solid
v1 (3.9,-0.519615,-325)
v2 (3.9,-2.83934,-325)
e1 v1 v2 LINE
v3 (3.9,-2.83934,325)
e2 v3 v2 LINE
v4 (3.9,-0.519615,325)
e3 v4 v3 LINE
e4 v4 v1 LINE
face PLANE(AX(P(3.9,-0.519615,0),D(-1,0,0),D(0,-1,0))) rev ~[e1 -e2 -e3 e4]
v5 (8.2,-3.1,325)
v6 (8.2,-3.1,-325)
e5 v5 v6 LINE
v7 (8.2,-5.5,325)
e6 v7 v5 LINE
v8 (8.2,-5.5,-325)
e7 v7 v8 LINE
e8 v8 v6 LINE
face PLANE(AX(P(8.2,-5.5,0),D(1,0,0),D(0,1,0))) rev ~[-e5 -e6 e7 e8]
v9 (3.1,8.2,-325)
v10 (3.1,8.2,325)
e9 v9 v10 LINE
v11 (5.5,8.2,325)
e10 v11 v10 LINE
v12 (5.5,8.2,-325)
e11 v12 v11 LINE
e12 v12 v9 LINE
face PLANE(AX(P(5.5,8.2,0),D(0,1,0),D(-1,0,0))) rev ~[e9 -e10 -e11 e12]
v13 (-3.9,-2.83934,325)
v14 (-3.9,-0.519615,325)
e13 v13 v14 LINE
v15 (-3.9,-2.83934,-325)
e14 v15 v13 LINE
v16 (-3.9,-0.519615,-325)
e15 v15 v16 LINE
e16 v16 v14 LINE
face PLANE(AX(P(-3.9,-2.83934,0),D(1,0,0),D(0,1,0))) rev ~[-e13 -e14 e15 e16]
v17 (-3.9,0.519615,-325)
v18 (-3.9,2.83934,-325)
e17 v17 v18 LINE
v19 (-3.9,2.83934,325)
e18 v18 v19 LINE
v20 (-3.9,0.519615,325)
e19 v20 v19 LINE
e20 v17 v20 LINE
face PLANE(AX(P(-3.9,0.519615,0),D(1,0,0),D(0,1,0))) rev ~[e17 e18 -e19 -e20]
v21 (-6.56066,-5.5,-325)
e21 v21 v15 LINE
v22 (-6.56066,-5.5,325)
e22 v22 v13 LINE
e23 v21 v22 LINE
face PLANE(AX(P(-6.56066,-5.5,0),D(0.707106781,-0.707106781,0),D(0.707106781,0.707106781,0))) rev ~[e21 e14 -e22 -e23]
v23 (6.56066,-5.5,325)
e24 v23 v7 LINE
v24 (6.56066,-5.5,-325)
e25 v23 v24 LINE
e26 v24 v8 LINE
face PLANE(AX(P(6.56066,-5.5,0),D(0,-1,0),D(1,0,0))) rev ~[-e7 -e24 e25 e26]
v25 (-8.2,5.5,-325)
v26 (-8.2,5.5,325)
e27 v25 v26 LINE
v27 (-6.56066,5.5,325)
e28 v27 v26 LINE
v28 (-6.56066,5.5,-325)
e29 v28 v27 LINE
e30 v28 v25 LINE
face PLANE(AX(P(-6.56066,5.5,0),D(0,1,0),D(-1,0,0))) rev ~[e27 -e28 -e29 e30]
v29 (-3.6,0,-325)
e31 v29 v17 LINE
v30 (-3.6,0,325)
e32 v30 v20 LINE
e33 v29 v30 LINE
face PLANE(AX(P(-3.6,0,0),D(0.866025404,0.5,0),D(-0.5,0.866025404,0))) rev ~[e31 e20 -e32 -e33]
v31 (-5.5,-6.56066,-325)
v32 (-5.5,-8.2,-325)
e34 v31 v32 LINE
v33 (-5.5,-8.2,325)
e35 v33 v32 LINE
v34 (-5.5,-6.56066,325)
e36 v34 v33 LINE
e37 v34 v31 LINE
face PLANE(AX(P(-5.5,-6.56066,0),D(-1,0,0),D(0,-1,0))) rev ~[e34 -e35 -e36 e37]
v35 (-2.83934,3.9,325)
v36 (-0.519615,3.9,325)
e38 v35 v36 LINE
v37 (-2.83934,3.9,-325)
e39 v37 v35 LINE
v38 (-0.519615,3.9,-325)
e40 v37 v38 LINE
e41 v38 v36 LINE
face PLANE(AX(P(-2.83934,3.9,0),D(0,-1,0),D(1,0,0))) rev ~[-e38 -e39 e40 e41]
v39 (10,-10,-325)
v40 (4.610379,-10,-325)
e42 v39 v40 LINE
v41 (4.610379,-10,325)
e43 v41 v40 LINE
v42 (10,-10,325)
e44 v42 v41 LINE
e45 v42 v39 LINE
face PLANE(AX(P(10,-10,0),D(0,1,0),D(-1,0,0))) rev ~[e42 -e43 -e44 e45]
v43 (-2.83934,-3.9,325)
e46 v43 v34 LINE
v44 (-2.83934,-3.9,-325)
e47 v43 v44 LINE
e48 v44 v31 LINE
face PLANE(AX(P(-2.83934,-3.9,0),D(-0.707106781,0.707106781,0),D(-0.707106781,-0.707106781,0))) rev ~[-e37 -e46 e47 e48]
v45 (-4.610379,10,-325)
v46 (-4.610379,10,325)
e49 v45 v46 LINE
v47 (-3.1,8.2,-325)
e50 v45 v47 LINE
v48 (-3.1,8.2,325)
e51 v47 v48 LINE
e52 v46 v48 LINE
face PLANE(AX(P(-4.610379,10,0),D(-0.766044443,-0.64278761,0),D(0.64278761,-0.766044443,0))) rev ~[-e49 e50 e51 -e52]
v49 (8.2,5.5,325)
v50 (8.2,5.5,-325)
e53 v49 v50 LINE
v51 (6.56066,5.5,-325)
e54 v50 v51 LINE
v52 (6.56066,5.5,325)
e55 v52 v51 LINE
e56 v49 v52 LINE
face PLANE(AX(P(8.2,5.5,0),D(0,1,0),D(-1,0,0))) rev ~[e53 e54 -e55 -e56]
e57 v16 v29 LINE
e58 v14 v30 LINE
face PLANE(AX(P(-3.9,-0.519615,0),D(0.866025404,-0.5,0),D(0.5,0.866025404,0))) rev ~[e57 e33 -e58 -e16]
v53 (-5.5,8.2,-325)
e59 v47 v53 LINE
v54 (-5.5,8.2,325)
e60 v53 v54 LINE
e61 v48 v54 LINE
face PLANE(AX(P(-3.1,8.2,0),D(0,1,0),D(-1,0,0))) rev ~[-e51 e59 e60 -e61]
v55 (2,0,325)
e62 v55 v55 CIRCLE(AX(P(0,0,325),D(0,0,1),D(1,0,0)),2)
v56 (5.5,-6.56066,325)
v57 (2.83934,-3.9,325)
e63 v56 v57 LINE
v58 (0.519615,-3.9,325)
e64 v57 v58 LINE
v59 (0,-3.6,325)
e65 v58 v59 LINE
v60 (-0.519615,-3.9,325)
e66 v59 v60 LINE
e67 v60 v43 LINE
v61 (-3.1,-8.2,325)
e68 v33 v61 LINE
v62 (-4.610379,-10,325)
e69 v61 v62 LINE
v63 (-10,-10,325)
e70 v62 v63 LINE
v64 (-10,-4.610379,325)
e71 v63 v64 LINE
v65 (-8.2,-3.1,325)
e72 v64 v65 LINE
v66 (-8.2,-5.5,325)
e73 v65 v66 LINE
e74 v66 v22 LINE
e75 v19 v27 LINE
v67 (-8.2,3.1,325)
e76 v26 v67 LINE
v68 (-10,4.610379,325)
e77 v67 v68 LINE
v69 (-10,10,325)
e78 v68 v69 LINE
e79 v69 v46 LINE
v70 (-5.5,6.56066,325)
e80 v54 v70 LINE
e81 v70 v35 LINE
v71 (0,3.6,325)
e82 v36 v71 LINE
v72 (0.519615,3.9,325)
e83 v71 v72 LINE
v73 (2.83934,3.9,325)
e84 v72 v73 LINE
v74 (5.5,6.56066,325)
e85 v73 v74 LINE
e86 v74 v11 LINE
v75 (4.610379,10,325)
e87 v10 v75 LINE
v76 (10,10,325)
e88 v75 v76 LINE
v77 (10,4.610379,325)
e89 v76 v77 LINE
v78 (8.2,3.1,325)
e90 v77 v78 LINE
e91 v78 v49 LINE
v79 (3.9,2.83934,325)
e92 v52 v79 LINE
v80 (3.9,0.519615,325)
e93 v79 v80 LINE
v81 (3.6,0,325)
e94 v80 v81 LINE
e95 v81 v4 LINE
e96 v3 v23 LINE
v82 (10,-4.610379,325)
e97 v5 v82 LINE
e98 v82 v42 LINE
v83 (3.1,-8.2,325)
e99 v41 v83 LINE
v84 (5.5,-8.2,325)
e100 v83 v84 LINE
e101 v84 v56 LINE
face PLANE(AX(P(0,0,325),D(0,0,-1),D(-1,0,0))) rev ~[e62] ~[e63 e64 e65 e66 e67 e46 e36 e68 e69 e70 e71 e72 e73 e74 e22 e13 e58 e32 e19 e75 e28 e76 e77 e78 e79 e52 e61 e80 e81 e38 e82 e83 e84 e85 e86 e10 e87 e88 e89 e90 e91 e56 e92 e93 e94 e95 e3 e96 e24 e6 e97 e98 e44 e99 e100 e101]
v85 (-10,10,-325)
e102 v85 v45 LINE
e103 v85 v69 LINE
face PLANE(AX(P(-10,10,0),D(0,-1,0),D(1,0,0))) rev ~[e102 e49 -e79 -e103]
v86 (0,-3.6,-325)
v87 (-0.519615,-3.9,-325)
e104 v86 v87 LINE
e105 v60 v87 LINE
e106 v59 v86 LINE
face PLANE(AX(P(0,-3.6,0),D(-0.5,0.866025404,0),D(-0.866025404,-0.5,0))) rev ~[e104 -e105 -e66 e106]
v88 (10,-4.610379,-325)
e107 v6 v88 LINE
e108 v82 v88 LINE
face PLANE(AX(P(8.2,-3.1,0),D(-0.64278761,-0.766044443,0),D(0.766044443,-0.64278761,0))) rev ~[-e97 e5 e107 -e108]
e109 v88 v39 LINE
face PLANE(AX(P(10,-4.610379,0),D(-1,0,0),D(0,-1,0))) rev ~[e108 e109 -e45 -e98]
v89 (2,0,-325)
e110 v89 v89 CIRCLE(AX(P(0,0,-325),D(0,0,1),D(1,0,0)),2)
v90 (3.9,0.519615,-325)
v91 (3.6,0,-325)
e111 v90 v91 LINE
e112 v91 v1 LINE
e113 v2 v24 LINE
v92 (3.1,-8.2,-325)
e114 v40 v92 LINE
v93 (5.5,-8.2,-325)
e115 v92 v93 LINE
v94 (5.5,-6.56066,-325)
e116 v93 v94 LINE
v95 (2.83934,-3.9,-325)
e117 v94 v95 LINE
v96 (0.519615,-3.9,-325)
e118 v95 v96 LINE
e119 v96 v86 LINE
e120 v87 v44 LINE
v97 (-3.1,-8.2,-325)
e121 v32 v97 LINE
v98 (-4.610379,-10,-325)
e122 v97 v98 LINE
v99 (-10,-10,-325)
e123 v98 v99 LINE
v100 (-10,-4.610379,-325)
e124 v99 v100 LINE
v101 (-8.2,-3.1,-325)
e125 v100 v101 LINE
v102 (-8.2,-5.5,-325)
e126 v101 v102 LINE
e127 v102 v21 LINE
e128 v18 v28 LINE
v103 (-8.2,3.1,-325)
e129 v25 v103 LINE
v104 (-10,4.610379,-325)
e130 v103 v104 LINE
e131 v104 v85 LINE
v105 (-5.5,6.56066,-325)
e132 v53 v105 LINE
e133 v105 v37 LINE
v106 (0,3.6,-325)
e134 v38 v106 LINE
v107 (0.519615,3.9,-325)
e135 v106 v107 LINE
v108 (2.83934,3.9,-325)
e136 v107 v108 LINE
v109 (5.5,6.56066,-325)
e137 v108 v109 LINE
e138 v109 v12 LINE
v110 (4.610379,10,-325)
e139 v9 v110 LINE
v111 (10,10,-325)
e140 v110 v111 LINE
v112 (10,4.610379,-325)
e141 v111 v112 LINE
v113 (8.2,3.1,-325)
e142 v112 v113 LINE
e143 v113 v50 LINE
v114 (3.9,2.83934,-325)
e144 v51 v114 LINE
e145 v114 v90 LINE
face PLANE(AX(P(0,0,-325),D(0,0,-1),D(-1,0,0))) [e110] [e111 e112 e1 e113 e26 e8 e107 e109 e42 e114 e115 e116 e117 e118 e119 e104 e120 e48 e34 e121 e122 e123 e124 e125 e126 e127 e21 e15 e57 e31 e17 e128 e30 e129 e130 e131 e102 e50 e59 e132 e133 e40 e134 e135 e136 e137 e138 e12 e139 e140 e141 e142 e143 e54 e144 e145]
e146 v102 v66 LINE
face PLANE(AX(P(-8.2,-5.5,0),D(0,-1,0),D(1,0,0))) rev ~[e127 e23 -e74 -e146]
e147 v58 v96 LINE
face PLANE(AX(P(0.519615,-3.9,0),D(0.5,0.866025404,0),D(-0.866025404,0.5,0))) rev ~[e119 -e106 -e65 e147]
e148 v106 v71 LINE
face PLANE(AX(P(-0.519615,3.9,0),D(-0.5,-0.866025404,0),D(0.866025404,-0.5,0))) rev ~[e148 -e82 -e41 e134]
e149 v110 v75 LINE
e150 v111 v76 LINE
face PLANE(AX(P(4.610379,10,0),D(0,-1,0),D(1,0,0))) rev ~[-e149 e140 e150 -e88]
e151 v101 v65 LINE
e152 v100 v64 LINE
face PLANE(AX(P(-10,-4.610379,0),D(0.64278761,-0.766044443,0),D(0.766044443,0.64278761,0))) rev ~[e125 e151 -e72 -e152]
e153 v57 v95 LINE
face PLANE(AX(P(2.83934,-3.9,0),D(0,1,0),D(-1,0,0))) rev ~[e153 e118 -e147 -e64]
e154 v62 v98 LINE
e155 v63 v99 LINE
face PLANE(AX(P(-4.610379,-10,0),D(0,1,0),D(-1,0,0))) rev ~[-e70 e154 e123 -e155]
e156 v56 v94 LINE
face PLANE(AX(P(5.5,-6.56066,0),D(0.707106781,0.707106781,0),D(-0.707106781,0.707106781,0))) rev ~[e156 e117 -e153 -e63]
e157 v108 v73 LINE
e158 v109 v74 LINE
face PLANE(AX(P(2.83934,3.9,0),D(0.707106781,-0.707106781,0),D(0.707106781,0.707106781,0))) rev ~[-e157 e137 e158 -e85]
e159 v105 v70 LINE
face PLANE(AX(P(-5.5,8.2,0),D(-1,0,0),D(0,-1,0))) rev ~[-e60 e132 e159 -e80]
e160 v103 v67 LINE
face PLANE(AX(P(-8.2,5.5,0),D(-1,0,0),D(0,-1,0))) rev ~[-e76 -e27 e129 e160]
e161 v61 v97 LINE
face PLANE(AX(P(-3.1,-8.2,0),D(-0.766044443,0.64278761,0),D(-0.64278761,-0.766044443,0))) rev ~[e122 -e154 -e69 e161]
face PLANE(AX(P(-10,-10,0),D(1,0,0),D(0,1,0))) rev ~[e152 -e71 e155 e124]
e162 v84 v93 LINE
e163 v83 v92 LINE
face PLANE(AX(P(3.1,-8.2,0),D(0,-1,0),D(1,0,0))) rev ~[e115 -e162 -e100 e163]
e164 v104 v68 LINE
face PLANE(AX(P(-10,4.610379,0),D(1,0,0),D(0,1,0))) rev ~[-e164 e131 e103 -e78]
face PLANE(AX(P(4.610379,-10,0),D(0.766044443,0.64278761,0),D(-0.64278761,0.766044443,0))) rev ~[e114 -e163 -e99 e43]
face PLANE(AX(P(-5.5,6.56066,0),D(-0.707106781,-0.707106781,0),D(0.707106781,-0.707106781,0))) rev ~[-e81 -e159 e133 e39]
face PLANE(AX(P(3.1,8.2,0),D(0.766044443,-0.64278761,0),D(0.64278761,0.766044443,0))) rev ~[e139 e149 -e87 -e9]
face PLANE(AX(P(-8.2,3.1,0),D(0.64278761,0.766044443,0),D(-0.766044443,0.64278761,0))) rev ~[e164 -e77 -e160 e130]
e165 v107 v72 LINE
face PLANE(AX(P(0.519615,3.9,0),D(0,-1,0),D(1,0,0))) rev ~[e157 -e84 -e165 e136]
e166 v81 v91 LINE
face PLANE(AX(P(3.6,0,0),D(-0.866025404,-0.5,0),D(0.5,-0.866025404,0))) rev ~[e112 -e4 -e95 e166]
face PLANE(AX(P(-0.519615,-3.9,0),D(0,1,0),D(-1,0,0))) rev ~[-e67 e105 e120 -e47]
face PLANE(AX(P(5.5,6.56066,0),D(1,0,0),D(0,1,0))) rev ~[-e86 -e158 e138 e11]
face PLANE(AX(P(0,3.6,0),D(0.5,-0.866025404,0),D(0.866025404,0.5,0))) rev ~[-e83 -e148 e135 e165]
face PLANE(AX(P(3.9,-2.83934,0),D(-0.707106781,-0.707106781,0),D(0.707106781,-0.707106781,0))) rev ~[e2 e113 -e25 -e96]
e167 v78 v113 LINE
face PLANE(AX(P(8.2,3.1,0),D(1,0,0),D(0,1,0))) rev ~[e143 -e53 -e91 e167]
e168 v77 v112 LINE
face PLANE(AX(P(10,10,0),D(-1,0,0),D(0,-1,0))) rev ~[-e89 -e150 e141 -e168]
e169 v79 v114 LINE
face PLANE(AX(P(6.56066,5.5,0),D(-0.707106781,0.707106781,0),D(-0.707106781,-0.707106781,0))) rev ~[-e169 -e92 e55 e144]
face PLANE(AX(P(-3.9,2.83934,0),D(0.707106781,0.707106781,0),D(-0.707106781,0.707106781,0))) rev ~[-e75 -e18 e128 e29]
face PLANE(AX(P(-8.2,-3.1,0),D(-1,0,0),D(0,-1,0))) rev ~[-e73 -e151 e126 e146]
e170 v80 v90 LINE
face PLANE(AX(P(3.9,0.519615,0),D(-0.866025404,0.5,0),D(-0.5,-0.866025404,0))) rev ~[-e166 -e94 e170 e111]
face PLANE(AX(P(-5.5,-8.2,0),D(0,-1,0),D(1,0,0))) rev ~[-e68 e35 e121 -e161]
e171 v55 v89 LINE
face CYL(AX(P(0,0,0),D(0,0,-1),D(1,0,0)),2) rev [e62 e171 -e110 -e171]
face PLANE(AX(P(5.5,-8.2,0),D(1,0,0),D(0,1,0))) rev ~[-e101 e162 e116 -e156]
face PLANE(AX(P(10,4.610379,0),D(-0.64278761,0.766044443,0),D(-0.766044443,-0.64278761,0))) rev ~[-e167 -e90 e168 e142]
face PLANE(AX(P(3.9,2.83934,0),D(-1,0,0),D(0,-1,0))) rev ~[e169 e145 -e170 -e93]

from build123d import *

# Parameters (mm, degrees)
SKETCH1_R           = 2
BOSS_EXTRUDE1_DEPTH = 325


with BuildPart() as part:
    # Sketch1 → Boss-Extrude1 (new body, symmetric)
    with BuildSketch(Plane.XY):
        Polygon((10, 10), (10, 4.610379336), (8.2, 3.1), (8.2, 5.5), (6.560660172, 5.5), (3.9, 2.839339828), (3.9, 0.519615242), (3.6, 0), (3.9, -0.519615242), (3.9, -2.839339828), (6.560660172, -5.5), (8.2, -5.5), (8.2, -3.1), (10, -4.610379336), (10, -10), (4.610379336, -10), (3.1, -8.2), (5.5, -8.2), (5.5, -6.560660172), (2.839339828, -3.9), (0.519615242, -3.9), (0, -3.6), (-0.519615242, -3.9), (-2.839339828, -3.9), (-5.5, -6.560660172), (-5.5, -8.2), (-3.1, -8.2), (-4.610379336, -10), (-10, -10), (-10, -4.610379336), (-8.2, -3.1), (-8.2, -5.5), (-6.560660172, -5.5), (-3.9, -2.839339828), (-3.9, -0.519615242), (-3.6, 0), (-3.9, 0.519615242), (-3.9, 2.839339828), (-6.560660172, 5.5), (-8.2, 5.5), (-8.2, 3.1), (-10, 4.610379336), (-10, 10), (-4.610379336, 10), (-3.1, 8.2), (-5.5, 8.2), (-5.5, 6.560660172), (-2.839339828, 3.9), (-0.519615242, 3.9), (0, 3.6), (0.519615242, 3.9), (2.839339828, 3.9), (5.5, 6.560660172), (5.5, 8.2), (3.1, 8.2), (4.610379336, 10), align=None)
        Circle(SKETCH1_R, mode=Mode.SUBTRACT)
    extrude(amount=BOSS_EXTRUDE1_DEPTH, both=True)


solid = part.part
